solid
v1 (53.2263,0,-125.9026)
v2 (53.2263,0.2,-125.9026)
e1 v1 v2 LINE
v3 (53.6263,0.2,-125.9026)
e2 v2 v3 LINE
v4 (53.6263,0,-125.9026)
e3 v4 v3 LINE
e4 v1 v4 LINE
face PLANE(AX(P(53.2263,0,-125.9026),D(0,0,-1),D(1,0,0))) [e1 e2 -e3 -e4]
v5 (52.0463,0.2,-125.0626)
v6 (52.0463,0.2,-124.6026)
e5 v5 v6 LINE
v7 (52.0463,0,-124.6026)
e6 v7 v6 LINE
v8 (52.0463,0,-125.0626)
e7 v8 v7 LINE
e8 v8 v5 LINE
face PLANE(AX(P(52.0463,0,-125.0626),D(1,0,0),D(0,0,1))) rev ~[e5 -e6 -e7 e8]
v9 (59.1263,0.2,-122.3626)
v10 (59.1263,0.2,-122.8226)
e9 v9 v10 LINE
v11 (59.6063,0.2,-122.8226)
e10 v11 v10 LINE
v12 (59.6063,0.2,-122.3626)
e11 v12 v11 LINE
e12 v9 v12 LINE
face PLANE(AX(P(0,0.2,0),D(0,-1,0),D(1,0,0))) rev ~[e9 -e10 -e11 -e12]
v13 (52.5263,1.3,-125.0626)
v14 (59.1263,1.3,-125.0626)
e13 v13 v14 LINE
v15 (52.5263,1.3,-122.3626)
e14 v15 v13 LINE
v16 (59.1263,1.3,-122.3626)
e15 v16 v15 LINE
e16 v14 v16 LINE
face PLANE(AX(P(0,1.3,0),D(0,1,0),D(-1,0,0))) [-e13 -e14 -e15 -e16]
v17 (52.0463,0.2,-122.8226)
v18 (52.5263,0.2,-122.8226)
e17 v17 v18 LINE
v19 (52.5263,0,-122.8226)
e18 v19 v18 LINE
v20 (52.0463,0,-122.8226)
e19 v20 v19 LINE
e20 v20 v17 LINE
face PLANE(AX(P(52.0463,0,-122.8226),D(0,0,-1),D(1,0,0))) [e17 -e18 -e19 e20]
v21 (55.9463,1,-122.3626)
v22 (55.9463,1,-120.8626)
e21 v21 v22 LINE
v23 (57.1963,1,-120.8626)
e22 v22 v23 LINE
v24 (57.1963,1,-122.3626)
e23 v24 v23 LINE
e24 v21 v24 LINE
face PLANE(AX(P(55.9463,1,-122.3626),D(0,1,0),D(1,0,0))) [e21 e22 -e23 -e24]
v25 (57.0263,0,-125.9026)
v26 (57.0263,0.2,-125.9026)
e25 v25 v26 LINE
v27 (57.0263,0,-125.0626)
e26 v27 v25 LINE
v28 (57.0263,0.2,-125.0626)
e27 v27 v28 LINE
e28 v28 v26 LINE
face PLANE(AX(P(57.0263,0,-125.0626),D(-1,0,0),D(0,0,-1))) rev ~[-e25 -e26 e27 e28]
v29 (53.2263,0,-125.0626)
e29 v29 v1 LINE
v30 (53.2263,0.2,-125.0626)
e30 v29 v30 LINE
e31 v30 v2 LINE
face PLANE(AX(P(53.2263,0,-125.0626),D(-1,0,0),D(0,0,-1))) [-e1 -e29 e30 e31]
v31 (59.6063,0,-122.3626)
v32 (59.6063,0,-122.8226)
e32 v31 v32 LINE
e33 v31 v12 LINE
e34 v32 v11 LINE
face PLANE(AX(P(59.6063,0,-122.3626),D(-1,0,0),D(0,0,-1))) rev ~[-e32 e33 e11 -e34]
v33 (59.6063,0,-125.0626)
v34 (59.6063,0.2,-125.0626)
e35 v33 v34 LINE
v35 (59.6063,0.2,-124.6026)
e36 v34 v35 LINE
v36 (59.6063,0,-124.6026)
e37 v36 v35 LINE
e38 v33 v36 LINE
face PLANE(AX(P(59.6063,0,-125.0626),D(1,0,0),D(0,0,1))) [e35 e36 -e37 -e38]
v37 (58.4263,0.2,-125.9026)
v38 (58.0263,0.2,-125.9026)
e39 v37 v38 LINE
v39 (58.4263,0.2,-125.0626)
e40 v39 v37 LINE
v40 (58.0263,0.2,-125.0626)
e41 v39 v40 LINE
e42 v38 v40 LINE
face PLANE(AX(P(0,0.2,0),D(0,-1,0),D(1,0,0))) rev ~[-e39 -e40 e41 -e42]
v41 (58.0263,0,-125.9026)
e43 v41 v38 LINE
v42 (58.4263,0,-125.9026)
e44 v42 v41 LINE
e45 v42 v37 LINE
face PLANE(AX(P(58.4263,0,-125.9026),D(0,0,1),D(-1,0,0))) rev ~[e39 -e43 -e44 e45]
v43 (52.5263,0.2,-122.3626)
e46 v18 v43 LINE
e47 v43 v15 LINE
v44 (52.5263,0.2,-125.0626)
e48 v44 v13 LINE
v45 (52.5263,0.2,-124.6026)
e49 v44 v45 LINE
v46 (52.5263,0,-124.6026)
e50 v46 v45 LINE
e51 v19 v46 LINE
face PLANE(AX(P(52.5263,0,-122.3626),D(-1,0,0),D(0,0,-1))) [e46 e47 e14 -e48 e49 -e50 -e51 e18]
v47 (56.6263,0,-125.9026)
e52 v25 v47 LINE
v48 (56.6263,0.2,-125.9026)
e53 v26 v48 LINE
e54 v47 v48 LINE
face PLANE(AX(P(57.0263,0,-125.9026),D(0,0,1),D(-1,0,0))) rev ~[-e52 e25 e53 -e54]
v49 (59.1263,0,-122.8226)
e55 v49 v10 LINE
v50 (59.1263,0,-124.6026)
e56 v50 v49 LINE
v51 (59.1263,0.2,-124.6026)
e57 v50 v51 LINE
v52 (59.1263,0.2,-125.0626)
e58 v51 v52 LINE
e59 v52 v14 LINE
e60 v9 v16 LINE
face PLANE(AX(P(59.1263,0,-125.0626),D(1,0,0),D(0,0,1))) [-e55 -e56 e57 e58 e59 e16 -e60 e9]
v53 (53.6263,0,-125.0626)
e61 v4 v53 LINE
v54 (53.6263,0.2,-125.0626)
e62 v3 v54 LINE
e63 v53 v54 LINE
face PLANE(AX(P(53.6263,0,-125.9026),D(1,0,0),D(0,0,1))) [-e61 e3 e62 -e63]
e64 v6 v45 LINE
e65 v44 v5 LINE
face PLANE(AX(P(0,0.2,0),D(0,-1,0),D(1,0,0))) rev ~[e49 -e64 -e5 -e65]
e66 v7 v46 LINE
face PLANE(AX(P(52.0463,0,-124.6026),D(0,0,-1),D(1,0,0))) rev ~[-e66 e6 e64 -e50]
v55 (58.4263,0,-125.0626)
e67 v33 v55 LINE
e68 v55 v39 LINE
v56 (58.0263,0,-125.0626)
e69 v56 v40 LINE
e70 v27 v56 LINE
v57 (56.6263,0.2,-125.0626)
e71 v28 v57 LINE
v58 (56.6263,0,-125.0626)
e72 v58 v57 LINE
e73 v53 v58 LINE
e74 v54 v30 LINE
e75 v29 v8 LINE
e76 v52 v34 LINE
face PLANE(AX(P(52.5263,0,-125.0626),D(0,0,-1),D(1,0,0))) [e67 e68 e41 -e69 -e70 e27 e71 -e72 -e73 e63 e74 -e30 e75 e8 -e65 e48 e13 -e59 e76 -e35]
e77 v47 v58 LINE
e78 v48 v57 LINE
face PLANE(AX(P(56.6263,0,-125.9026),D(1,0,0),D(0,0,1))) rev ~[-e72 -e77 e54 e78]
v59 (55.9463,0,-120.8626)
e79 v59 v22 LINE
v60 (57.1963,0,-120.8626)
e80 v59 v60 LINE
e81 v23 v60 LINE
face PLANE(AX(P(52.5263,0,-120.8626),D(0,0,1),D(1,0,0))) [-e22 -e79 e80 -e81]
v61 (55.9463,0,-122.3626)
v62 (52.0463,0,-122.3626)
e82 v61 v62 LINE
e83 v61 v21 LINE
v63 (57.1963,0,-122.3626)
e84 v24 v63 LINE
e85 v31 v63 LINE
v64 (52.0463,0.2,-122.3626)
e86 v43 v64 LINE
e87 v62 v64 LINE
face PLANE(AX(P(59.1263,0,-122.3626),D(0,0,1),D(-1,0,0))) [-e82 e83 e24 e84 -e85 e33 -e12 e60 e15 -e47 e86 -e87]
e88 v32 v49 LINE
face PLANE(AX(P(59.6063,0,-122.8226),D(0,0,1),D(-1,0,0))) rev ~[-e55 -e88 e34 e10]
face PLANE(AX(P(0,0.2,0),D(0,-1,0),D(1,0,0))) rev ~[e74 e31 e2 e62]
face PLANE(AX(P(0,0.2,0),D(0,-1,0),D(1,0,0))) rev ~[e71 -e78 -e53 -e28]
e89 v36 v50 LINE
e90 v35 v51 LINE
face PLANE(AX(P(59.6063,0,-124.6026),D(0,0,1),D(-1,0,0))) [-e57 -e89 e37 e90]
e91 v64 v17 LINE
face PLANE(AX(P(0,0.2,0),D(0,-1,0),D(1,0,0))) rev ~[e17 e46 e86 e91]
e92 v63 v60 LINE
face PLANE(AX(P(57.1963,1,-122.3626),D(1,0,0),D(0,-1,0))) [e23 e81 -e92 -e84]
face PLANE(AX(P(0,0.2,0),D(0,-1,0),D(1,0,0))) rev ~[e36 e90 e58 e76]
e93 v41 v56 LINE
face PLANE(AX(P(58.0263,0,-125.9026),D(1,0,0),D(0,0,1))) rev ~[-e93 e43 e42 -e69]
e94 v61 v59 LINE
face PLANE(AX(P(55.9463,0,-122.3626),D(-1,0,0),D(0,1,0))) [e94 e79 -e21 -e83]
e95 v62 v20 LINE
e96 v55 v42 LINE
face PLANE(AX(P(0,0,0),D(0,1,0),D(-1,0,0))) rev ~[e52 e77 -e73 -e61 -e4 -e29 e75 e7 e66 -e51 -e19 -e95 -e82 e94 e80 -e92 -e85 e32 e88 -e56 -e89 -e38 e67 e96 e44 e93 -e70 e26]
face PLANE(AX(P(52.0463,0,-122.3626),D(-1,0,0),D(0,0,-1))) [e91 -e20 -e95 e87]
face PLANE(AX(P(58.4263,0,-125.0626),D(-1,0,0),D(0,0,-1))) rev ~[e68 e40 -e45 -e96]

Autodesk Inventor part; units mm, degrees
sketch "Sketch1" plane through (0, 0, 0) normal (0, 1, 0) x (-1, 0, 0)
  line L0 (-52.5263, -125.0626) -> (-59.1263, -125.0626)
  line L1 (-59.1263, -125.0626) -> (-59.1263, -122.3626)
  line L2 (-59.1263, -122.3626) -> (-52.5263, -122.3626)
  line L3 (-52.5263, -122.3626) -> (-52.5263, -125.0626)
  dimension "d0" = 6.6
  dimension "d1" = 2.7
extrude "Extrusion1" add sketch "Sketch1" along normal blind 1.3
sketch "Sketch2" plane through (52.5263, 0, -122.3626) normal (0, 0, 1) x (1, 0, 0)
  line L0 (6.6, 0) -> (6.6, 1.3) projected
  line L1 (6.6, 1.3) -> (4.67, 1.3)
  line L2 (0, 1.3) -> (6.6, 1.3) projected
  line L3 (0, 0) -> (6.6, 0) projected
  line L4 (4.67, 0) -> (3.42, 0)
  line L5 (3.42, 0) -> (3.42, 1)
  line L6 (3.42, 1) -> (4.67, 1)
  line L7 (4.67, 1) -> (4.67, 0)
  point P0 (3.42, 0)
  dimension "d4" = 1.93
  dimension "d5" = 1.25
  dimension "d6" = 1
extrude "Extrusion2" add sketch "Sketch2" along normal blind 1.5
sketch "Sketch3" plane through (0, 0, 0) normal (0, -1, 0) x (1, 0, 0)
  line L0 (55.8263, -125.0626) -> (55.8263, -126.2505)
  line L1 (52.5263, -125.0626) -> (52.0463, -125.0626)
  line L2 (52.0463, -125.0626) -> (52.0463, -124.6026)
  line L3 (52.0463, -124.6026) -> (52.5263, -124.6026)
  line L4 (52.5263, -122.3626) -> (52.0463, -122.3626)
  line L5 (52.0463, -122.3626) -> (52.0463, -122.8226)
  line L6 (52.0463, -122.8226) -> (52.5263, -122.8226)
  line L7 (59.1263, -125.0626) -> (59.6063, -125.0626)
  line L8 (59.6063, -125.0626) -> (59.6063, -124.6026)
  line L9 (59.6063, -124.6026) -> (59.1263, -124.6026)
  line L10 (59.1263, -122.3626) -> (59.6063, -122.3626)
  line L11 (59.6063, -122.3626) -> (59.6063, -122.8226)
  line L12 (59.6063, -122.8226) -> (59.1263, -122.8226)
  line L13 (52.5263, -126.3425) -> (53.2263, -126.3425)
  line L14 (59.1263, -125.0626) -> (59.1263, -125.9026)
  line L15 (59.1263, -122.3626) -> (59.1263, -122.8226)
  line L16 (59.1263, -124.6026) -> (59.1263, -125.0626)
  line L17 (52.5263, -125.0626) -> (52.5263, -124.6026)
  line L18 (52.5263, -122.8226) -> (52.5263, -122.3626)
  line L19 (59.1263, -125.0626) -> (52.5263, -125.0626) projected
  line L20 (53.2263, -125.9026) -> (53.6263, -125.9026)
  line L21 (53.6263, -125.9026) -> (53.6263, -125.0626)
  line L22 (53.6263, -125.0626) -> (53.2263, -125.0626)
  line L23 (53.2263, -125.0626) -> (53.2263, -125.9026)
  line L24 (58.4263, -125.9026) -> (58.0263, -125.9026)
  line L25 (58.0263, -125.9026) -> (58.0263, -125.0626)
  line L26 (58.0263, -125.0626) -> (58.4263, -125.0626)
  line L27 (58.4263, -125.0626) -> (58.4263, -125.9026)
  line L28 (58.0263, -125.9026) -> (57.0263, -125.9026)
  line L29 (56.6263, -125.0626) -> (57.0263, -125.0626)
  line L30 (57.0263, -125.0626) -> (57.0263, -125.9026)
  line L31 (56.6263, -125.9026) -> (56.6263, -125.0626)
  line L32 (57.0263, -125.9026) -> (56.6263, -125.9026)
  dimension "d15" = 0.4
  dimension "d16" = 1
extrude "Extrusion3" add sketch "Sketch3" against normal blind 0.2 contours L1 L2 L3 L17 | L16 L9 L8 L7 | L19 L30 L32 L31 | L19 L21 L20 L23 | L19 L27 L24 L25 | L18 L6 L5 L4 | L10 L11 L12 L15
ref_plane "Work Plane1" through (55.8263, 1.3, -122.3626) normal (1, 0, 0) x (0, 0, -1)
ref_plane "Work Plane2" through (56.5713, 0, -122.3626) normal (-1, 0, 0) x (0, 0, 1)
ref_plane "Work Plane3" through (0, 0.5, 0) normal (0, -1, 0) x (1, 0, 0)
properties part number "Power Swicth"
